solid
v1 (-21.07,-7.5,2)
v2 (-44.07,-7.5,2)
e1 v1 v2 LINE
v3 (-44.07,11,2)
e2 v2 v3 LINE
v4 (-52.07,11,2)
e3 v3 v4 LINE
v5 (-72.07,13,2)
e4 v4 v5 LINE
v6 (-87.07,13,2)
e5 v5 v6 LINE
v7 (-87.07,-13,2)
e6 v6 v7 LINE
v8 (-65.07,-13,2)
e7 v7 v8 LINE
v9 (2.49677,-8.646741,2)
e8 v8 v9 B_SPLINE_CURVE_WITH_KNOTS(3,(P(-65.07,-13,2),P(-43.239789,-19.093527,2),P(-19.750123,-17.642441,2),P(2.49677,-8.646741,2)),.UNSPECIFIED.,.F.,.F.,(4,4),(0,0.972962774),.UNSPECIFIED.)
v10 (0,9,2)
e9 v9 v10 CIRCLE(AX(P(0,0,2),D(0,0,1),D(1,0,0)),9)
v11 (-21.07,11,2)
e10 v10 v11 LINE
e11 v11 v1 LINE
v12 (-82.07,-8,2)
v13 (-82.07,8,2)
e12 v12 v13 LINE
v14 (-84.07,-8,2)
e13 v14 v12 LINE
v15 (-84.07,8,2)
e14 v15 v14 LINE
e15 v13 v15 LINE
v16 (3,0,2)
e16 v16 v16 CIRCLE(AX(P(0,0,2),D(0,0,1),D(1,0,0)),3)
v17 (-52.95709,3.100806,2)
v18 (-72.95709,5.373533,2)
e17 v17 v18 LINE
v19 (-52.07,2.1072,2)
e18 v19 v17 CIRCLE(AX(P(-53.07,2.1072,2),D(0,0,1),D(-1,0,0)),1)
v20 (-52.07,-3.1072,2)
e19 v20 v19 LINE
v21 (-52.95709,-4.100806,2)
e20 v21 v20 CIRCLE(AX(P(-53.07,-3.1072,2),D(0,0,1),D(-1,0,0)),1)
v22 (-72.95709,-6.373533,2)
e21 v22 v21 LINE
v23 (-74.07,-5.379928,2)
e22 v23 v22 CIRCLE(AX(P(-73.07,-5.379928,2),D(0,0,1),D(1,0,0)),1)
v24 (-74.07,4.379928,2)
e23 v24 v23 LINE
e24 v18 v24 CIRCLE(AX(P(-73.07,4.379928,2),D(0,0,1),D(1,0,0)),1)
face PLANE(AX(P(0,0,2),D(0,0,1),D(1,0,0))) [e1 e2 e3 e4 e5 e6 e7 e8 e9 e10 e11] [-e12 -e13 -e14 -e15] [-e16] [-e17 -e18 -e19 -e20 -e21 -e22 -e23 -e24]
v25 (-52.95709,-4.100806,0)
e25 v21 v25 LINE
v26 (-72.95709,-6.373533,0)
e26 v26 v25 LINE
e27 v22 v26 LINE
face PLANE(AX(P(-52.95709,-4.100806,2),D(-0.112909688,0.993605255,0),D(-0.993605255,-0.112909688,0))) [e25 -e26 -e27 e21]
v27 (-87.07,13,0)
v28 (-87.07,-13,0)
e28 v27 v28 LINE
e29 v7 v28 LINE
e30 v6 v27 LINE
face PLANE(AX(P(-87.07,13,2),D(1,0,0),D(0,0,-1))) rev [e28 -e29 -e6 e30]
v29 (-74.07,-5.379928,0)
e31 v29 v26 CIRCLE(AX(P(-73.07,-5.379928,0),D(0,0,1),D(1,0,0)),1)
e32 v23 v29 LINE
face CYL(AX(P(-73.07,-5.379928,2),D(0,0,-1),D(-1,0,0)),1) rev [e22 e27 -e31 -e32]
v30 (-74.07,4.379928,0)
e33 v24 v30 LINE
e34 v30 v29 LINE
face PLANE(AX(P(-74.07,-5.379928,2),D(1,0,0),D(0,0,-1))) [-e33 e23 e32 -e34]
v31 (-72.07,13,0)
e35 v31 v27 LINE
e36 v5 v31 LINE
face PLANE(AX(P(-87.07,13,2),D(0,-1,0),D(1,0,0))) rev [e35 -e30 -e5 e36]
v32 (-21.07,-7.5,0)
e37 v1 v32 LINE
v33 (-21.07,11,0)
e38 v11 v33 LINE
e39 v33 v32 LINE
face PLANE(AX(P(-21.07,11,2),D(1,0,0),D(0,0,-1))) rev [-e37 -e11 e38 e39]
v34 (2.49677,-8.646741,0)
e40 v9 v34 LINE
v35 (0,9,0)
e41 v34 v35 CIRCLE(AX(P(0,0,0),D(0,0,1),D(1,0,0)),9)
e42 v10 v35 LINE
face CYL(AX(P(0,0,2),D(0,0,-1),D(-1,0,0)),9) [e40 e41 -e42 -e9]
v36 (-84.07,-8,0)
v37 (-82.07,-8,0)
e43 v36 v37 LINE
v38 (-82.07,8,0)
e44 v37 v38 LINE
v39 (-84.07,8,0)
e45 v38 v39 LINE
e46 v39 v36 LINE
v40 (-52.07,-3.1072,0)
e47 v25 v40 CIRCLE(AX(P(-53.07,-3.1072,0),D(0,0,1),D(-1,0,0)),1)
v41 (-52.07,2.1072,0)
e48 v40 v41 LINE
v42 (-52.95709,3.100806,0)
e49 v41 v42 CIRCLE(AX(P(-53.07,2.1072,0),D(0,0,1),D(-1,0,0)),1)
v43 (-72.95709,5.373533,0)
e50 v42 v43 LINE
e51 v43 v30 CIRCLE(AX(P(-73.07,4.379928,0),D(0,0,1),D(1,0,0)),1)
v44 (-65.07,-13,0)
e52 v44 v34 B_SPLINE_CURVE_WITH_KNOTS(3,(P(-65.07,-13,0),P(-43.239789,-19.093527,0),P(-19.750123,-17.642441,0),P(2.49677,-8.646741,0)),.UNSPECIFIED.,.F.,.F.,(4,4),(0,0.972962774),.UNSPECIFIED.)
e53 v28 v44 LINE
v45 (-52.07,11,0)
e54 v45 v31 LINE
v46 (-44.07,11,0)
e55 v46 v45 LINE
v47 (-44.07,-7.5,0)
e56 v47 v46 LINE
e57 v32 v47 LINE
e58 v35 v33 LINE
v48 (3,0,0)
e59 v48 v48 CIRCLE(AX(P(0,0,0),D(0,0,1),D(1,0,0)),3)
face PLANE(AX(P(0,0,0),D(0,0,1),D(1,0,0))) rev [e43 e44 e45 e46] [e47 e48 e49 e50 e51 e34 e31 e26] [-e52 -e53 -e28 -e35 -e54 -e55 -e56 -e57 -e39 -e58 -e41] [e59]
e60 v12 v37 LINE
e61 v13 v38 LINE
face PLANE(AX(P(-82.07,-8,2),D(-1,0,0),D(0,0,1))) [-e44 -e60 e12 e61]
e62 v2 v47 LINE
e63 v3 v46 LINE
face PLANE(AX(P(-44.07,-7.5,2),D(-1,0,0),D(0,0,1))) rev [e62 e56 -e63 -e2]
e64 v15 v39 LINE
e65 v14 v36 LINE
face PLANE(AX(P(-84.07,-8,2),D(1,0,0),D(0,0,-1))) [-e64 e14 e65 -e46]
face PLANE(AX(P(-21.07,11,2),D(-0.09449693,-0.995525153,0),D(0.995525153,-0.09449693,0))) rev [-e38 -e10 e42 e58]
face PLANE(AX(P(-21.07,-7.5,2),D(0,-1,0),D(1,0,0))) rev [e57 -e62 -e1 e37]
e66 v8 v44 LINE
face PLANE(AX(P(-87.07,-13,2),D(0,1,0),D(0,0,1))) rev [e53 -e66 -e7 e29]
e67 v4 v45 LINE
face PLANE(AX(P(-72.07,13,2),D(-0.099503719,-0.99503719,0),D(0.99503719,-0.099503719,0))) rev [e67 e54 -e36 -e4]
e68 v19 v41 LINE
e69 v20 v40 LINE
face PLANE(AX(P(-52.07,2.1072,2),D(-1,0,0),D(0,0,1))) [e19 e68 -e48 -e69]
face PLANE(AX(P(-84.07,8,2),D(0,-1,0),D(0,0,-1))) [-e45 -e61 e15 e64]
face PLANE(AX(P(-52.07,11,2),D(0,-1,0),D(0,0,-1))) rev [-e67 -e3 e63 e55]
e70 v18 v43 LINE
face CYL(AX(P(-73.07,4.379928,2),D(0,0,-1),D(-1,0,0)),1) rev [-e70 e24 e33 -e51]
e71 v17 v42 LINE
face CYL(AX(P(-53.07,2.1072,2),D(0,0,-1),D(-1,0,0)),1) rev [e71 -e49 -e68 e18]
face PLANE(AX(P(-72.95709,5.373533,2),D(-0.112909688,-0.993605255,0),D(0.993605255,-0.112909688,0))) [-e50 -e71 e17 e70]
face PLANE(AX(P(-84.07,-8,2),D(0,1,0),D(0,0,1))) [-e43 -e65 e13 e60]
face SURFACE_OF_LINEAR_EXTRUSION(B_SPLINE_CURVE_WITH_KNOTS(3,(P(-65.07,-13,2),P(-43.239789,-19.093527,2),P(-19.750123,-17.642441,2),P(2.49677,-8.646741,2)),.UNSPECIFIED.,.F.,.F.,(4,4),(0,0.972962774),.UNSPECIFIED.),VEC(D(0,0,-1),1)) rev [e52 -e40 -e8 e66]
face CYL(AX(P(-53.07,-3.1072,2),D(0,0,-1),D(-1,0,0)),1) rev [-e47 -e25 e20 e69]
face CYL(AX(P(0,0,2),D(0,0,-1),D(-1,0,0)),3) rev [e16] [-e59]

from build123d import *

# Parameters (mm, degrees)
ESBO_O1_R                = 3
ESBO_O1_W                = 2
ESBO_O1_H                = 16
RESSALTO_EXTRUS_O1_DEPTH = 2


with BuildPart() as part:
    # Esboço1 → Ressalto-extrusão1 (new body)
    with BuildSketch(Plane.XY):
        with BuildLine():
            Line((-21.07, 11), (0, 9))
            ThreePointArc((0, 9), (8.911247748, 1.260818614), (2.496770452, -8.646741427))
            add(Edge.make_bspline(
                [(-65.07, -13), (-43.239788601, -19.093527225), (-19.750123263, -17.642441034), (2.496770452, -8.646741427)],
                knots=[0, 0, 0, 0, 0.972962774, 0.972962774, 0.972962774, 0.972962774], degree=3))
            Line((-65.07, -13), (-87.07, -13))
            Line((-87.07, -13), (-87.07, 13))
            Line((-87.07, 13), (-72.07, 13))
            Line((-72.07, 13), (-52.07, 11))
            Line((-52.07, 11), (-44.07, 11))
            Line((-44.07, 11), (-44.07, -7.5))
            Line((-44.07, -7.5), (-21.07, -7.5))
            Line((-21.07, -7.5), (-21.07, 11))
        make_face()
        Circle(ESBO_O1_R, mode=Mode.SUBTRACT)
        with BuildLine():
            Line((-52.07, 2.107200462), (-52.07, -3.107200462))
            ThreePointArc((-52.07, -3.107200462), (-52.32404099, -3.773192321), (-52.957090312, -4.100805717))
            Line((-52.957090312, -4.100805717), (-72.957090312, -6.37353299))
            ThreePointArc((-72.957090312, -6.37353299), (-73.735991859, -6.125886745), (-74.07, -5.379927735))
            Line((-74.07, -5.379927735), (-74.07, 4.379927735))
            ThreePointArc((-74.07, 4.379927735), (-73.735991859, 5.125886745), (-72.957090312, 5.37353299))
            Line((-72.957090312, 5.37353299), (-52.957090312, 3.100805717))
            ThreePointArc((-52.957090312, 3.100805717), (-52.32404099, 2.773192321), (-52.07, 2.107200462))
        make_face(mode=Mode.SUBTRACT)
        with Locations((-83.07, 0)):
            Rectangle(ESBO_O1_W, ESBO_O1_H, mode=Mode.SUBTRACT)
    extrude(amount=RESSALTO_EXTRUS_O1_DEPTH)


solid = part.part
